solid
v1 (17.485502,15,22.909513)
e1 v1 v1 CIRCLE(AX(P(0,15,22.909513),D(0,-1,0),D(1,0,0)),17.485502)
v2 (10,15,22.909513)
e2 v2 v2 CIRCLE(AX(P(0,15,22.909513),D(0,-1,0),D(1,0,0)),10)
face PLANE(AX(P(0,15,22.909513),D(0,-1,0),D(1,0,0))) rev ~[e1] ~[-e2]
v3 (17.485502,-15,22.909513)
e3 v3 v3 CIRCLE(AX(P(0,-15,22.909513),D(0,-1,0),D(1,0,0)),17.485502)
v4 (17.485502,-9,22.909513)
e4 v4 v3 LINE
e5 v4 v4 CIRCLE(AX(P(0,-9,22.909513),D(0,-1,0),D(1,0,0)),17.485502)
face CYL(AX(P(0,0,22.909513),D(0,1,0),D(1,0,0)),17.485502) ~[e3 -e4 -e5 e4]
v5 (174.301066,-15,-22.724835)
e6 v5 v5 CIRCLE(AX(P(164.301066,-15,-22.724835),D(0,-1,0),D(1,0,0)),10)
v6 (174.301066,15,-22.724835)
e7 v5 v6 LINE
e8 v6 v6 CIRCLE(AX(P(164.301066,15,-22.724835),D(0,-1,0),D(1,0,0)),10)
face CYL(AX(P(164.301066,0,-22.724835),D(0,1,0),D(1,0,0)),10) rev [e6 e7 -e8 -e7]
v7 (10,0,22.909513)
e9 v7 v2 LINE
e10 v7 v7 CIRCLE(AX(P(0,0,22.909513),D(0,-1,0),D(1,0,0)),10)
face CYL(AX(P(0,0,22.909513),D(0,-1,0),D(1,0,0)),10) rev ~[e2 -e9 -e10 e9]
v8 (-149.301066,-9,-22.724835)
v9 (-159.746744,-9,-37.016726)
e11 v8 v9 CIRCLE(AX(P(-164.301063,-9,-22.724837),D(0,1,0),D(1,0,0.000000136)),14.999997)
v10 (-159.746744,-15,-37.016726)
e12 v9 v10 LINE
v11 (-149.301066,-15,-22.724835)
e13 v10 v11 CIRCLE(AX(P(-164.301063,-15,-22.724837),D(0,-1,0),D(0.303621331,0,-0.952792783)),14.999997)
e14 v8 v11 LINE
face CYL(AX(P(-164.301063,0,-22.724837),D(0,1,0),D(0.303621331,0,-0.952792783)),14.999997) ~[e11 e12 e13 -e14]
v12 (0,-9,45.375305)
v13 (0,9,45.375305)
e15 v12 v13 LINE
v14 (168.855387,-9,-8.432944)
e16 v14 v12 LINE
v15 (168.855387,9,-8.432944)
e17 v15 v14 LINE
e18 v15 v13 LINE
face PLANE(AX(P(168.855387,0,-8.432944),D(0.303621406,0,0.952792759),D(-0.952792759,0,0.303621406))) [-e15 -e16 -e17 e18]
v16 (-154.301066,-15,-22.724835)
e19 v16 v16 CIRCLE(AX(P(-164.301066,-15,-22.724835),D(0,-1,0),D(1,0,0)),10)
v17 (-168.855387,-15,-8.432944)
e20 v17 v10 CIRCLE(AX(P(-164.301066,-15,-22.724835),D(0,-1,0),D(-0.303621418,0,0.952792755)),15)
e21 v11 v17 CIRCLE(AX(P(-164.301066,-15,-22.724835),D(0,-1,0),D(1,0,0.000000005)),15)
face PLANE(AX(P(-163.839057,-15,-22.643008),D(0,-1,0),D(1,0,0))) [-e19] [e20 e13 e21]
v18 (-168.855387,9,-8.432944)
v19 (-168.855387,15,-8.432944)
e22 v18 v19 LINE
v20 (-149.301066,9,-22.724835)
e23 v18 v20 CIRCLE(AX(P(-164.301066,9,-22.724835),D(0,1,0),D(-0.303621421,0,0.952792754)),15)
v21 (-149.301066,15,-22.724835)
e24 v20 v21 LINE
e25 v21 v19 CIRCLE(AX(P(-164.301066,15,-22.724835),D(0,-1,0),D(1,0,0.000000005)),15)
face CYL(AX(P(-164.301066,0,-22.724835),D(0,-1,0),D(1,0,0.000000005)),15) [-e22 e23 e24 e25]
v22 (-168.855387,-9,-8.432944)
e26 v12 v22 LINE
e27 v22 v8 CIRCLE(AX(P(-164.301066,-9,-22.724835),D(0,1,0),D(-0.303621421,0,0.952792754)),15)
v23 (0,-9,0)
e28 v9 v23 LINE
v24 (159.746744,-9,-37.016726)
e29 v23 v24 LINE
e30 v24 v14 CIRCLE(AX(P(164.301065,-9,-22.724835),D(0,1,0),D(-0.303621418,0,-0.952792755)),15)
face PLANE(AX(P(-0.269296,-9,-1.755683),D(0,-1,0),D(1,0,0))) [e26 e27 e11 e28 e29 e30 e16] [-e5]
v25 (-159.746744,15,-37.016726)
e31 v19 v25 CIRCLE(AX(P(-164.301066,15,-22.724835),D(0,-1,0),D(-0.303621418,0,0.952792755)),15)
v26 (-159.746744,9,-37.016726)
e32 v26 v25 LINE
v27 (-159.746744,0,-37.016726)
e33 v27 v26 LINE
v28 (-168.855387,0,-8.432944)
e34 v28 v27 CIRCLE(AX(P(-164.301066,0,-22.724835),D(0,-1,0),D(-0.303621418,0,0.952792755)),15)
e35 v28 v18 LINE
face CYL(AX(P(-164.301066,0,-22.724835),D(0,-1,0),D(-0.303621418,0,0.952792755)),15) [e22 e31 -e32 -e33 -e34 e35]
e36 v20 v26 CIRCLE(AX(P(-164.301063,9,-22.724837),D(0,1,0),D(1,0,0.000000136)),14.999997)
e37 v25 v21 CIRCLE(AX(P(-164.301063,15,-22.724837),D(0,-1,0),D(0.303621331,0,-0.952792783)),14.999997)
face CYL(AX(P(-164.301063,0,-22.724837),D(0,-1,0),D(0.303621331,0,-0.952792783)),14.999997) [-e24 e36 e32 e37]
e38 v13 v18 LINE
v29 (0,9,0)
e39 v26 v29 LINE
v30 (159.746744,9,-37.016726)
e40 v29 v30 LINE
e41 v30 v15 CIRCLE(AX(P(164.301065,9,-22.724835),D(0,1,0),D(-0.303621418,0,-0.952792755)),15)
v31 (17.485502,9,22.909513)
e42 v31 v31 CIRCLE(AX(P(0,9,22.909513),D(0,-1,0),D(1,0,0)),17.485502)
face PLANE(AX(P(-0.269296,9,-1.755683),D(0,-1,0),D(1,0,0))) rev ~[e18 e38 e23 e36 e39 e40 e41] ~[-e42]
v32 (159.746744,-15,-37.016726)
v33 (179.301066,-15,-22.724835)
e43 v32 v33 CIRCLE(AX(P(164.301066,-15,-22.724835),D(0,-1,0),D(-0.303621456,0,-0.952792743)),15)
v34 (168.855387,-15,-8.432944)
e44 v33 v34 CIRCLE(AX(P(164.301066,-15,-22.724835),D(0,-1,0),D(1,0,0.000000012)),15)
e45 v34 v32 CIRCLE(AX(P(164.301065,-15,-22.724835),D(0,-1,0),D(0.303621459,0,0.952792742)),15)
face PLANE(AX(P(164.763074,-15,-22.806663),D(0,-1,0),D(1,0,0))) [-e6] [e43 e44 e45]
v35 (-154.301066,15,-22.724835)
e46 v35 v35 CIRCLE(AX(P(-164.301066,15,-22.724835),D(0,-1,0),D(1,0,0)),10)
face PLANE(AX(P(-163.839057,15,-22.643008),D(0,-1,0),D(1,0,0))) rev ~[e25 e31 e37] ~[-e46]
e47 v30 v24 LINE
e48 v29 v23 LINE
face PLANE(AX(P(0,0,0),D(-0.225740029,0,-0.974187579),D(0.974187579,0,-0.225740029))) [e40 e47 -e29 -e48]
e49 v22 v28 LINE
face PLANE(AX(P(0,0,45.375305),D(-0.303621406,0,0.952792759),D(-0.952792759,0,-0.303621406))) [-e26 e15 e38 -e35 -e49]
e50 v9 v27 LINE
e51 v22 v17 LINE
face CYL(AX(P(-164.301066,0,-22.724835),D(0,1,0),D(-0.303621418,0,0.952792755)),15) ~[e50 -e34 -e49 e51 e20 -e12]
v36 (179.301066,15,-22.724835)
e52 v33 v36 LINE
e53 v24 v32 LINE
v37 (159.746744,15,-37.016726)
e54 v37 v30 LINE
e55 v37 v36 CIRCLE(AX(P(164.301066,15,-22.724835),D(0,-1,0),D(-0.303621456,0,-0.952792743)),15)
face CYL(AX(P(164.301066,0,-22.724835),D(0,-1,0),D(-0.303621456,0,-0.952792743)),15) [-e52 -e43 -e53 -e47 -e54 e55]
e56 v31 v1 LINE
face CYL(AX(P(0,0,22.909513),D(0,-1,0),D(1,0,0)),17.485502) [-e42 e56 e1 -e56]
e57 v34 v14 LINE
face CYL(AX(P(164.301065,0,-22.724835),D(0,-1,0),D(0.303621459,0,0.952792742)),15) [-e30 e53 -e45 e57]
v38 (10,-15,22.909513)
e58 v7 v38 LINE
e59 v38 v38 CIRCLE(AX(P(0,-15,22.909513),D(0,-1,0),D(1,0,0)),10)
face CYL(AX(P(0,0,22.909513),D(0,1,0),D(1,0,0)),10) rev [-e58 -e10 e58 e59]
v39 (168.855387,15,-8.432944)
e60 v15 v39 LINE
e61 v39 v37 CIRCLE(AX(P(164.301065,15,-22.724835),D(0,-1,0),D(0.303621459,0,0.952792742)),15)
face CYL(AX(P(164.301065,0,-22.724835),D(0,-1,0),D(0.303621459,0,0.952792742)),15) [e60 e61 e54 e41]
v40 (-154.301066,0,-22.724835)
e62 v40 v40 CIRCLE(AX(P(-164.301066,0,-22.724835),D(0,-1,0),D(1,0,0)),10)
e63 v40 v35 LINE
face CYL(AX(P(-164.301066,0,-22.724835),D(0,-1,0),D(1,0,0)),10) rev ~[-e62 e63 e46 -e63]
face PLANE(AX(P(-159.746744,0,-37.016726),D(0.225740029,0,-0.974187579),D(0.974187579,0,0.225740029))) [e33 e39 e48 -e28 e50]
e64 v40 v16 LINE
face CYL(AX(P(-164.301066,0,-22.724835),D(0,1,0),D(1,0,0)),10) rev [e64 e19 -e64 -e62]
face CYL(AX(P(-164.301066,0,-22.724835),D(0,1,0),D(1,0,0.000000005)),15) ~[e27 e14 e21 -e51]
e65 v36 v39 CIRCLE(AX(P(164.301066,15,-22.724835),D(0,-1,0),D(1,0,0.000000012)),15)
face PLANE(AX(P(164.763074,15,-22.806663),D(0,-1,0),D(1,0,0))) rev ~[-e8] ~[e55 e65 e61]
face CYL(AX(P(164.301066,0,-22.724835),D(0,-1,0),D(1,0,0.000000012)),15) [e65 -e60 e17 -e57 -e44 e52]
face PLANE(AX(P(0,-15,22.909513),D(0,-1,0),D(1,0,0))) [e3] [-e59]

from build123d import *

# Parameters (mm, degrees)
F0_R     = 17.485502
F1_DEPTH = 9
F0_R_2   = 10
F2_DEPTH = 15


with BuildPart() as f1:
    # F0 (on Front) → F1 (new body, symmetric)
    with BuildSketch(Plane.XZ):
        with BuildLine():
            Line((-159.746744, -37.016726), (0, 0))
            Line((0, 0), (159.746744, -37.016726))
            ThreePointArc((159.746744, -37.016726), (150.009174, -18.170514), (168.855387, -8.432944))
            Line((168.855387, -8.432944), (0, 45.375305))
            Line((0, 45.375305), (-168.855387, -8.432944))
            ThreePointArc((-168.855387, -8.432944), (-155.449931, -10.614616), (-149.301066, -22.724835))
            ThreePointArc((-149.301066, -22.724835), (-152.190846, -31.57597), (-159.746744, -37.016726))
        make_face()
        with Locations((0, 22.909513)):
            Circle(F0_R, mode=Mode.SUBTRACT)
    extrude(amount=F1_DEPTH, both=True)

    # F0 (on Front) → F2 (join, symmetric)
    with BuildSketch(Plane.XZ):
        with BuildLine():
            ThreePointArc((-168.855387, -8.432944), (-178.592957, -27.279156), (-159.746744, -37.016726))
            ThreePointArc((-159.746744, -37.016726), (-152.190846, -31.57597), (-149.301066, -22.724835))
            ThreePointArc((-149.301066, -22.724835), (-155.449931, -10.614616), (-168.855387, -8.432944))
        make_face()
        with Locations((-164.301066, -22.724835)):
            Circle(F0_R_2, mode=Mode.SUBTRACT)
        with Locations((0, 22.909513)):
            Circle(F0_R)
        with Locations((0, 22.909513)):
            Circle(F0_R_2, mode=Mode.SUBTRACT)
        with BuildLine():
            ThreePointArc((168.855387, -8.432944), (150.009174, -18.170514), (159.746744, -37.016726))
            ThreePointArc((159.746744, -37.016726), (173.152201, -34.835054), (179.301066, -22.724835))
            ThreePointArc((179.301066, -22.724835), (176.411285, -13.8737), (168.855387, -8.432944))
        make_face()
        with Locations((164.301066, -22.724835)):
            Circle(F0_R_2, mode=Mode.SUBTRACT)
    extrude(amount=F2_DEPTH, both=True)


solid = f1.part
